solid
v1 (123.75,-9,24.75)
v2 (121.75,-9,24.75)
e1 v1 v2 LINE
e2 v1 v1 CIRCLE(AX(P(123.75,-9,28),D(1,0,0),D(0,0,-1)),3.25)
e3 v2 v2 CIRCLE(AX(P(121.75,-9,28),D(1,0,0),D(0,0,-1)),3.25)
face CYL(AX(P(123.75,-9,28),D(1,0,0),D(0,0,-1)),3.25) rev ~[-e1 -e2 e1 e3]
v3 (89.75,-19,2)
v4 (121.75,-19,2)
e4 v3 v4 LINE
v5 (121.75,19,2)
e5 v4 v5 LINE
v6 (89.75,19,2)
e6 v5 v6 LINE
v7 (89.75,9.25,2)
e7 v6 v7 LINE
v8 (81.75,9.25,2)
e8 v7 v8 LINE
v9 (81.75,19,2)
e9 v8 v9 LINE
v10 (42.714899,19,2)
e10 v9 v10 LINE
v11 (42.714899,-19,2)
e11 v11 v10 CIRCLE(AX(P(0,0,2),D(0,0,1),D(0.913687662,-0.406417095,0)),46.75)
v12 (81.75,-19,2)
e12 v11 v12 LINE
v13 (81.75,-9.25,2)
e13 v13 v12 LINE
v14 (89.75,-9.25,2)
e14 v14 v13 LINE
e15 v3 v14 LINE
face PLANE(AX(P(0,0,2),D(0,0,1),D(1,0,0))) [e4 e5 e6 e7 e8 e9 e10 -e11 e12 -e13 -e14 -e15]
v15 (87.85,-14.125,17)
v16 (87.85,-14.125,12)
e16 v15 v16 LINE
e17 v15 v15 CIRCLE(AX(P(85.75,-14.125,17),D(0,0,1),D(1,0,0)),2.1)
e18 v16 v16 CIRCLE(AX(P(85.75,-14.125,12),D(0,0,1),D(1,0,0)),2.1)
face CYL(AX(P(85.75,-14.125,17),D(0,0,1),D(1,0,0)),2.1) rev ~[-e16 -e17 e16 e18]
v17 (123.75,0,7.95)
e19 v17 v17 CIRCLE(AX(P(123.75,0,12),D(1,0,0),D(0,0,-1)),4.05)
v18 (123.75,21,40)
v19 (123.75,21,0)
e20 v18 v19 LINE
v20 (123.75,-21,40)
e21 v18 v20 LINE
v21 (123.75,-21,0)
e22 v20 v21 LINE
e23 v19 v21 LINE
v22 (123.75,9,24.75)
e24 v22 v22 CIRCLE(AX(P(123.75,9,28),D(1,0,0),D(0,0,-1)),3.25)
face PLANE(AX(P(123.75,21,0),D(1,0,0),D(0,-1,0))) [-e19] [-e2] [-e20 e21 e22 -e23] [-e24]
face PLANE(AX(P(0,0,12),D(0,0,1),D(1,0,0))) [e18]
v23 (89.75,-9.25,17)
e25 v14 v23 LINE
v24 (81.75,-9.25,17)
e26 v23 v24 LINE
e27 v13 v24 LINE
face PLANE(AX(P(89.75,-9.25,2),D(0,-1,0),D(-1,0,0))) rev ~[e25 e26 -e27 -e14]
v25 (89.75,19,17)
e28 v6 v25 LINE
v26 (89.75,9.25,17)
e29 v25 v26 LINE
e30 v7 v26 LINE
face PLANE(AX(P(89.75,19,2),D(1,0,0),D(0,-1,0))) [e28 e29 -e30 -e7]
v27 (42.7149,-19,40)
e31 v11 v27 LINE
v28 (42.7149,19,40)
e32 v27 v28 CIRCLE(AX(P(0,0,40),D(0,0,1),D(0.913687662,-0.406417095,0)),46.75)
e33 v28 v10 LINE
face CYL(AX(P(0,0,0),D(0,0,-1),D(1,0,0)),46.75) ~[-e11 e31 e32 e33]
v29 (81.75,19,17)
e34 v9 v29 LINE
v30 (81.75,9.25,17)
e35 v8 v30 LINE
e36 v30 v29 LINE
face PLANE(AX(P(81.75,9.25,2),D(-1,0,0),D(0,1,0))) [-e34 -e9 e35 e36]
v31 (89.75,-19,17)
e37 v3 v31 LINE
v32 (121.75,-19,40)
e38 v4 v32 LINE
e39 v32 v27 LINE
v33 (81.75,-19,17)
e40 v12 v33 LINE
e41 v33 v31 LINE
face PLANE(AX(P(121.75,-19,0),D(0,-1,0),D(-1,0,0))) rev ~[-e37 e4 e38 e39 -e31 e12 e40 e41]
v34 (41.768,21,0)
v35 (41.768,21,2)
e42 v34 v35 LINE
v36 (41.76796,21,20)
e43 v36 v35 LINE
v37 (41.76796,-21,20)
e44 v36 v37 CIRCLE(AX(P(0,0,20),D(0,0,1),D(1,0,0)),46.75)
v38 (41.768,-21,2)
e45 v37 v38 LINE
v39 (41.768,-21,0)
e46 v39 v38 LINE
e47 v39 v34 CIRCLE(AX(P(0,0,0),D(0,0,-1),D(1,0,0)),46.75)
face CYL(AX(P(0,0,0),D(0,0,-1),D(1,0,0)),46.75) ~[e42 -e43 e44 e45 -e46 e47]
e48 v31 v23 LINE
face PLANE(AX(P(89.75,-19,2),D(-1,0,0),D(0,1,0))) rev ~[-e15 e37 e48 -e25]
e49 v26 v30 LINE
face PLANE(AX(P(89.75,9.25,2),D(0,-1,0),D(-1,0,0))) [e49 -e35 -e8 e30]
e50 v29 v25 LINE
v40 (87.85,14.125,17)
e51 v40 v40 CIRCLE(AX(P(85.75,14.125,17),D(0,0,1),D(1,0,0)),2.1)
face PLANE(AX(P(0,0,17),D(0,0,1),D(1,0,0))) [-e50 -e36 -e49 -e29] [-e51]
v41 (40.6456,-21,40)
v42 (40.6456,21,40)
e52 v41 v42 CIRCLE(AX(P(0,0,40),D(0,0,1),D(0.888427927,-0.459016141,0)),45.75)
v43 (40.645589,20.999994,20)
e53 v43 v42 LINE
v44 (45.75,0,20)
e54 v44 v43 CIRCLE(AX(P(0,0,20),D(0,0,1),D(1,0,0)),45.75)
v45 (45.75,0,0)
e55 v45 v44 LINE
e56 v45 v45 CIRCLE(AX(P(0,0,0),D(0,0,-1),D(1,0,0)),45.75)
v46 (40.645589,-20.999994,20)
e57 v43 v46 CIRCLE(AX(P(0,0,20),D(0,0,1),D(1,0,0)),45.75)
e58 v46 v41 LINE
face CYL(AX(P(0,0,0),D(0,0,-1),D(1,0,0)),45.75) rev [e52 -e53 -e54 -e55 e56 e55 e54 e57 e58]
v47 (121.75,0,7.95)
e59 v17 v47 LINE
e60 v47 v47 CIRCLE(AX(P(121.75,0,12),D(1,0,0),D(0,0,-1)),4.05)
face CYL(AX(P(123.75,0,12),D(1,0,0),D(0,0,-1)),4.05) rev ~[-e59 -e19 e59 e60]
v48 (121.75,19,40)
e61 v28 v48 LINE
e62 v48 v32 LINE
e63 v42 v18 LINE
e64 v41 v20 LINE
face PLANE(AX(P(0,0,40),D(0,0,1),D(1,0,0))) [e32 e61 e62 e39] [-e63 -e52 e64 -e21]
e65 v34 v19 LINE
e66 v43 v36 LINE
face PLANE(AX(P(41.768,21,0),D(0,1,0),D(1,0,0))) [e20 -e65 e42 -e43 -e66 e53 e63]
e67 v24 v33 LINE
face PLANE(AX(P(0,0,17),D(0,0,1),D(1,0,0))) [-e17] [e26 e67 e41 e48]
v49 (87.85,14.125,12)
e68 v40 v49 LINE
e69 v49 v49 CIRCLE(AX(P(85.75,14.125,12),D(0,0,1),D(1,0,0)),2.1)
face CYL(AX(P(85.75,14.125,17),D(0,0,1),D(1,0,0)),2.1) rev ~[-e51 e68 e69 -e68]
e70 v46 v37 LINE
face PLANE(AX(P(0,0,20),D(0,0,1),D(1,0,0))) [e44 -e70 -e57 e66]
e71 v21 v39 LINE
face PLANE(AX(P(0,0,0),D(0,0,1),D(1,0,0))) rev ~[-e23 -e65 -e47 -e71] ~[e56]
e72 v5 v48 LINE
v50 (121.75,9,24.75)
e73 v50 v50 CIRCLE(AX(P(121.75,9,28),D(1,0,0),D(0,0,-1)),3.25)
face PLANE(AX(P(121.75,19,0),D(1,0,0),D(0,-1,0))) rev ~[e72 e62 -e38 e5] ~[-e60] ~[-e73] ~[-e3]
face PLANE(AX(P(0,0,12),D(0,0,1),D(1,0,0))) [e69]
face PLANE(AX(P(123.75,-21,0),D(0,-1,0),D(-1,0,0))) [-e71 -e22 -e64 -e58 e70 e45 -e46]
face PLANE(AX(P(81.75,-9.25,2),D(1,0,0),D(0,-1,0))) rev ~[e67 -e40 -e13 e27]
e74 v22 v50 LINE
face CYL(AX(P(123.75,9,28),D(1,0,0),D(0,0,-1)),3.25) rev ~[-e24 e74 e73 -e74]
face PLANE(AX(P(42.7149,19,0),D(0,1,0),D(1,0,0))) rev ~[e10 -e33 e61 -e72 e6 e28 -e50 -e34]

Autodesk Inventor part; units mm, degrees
ref_plane "YZ Plane" through (0, 0, 0) normal (1, 0, 0) x (0, 1, 0)
ref_plane "XZ Plane" through (0, 0, 0) normal (0, 1, 0) x (-1, 0, 0)
ref_plane "XY Plane" through (0, 0, 0) normal (0, 0, 1) x (1, 0, 0)
sketch "Sketch1" plane through (0, 0, 0) normal (0, 0, 1) x (1, 0, 0)
  circle A0 centre (0, 0) radius 45.75
  circle A1 centre (0, 0) radius 46.75
  line L0 (45.75, -0.0157) -> (46.75, -0.0157) construction
  line L1 (42.7149, 19) -> (121.75, 19)
  line L2 (121.75, 19) -> (121.75, -19)
  line L3 (121.75, -19) -> (42.7149, -19)
  line L4 (41.768, 21) -> (123.75, 21)
  line L5 (123.75, 21) -> (123.75, -21)
  line L6 (123.75, -21) -> (41.768, -21)
  line L7 (82.759, 21) -> (82.759, 19) construction
  line L8 (121.75, 0) -> (123.75, 0) construction
  line L9 (98.0367, -19) -> (98.0367, -21) construction
  line L10 (0, 0) -> (121.75, 0) construction
  line L11 (41.768, 21) -> (40.6456, 21)
  line L12 (41.768, -21) -> (40.6456, -21)
  dimension "d0" = 91.5
  dimension "d2" = 1
  dimension "d3" = 75
  dimension "d4" = 38
  dimension "d5" = 2
extrude "Extrusion1" add sketch "Sketch1" along normal blind 20 contours A0 L11 A1 L12 | A0 L12 A1 L11
extrude "Extrusion2" add sketch "Sketch1" along normal blind 2 contours L4 L5 L6 A1 L3 L2 L1 | L1 L2 L3 A1
extrude "Extrusion9" add sketch "Sketch1" along normal blind 40 contours A0 L11 A1 L12 | L4 L5 L6 A1 L3 L2 L1 picked at (42.2726, -18.1004)
sketch "Sketch8" plane through (123.75, -21, 0) normal (1, 0, 0) x (0, 0, -1)
  line L0 (0, 0) -> (0, 42) projected
  line L1 (0, 42) -> (-40, 42) projected
  line L2 (-40, 0) -> (-40, 42) projected
  line L3 (0, 0) -> (-40, 0) projected
  circle A0 centre (-12, 21) radius 4.05
  line L4 (-12, 21) -> (-12, 42) construction
  line L5 (-12, 21) -> (-12, 0) construction
  circle A1 centre (-28, 30) radius 3.25
  circle A2 centre (-28, 12) radius 3.25
  line L6 (-28, 30) -> (-28, 12) construction
  line L7 (-40, 21) -> (-28, 21) construction
  point P0 (0, 21)
  dimension "d40" = 8.1
  dimension "d42" = 12
  dimension "d43" = 6.5
  dimension "d44" = 12
  dimension "d61" = 18
extrude "Extrusion10" cut sketch "Sketch8" against normal up to surface (2 mm away) contours A0 | A1 | A2
sketch "Sketch9" plane through (0, 0, 2) normal (0, 0, 1) x (1, 0, 0)
  arc A0 (42.7149, -19) -> (42.7149, 19) centre (0, 0) ccw projected
  line L0 (42.7149, -19) -> (121.75, -19) projected
  line L1 (46.75, 0) -> (81.75, 0) construction
  line L2 (81.75, 19) -> (89.75, 19)
  line L3 (89.75, 19) -> (89.75, 9.25)
  line L4 (89.75, 9.25) -> (81.75, 9.25)
  line L5 (81.75, 9.25) -> (81.75, 19)
  line L6 (81.75, -19) -> (89.75, -19)
  line L7 (89.75, -19) -> (89.75, -9.25)
  line L8 (89.75, -9.25) -> (81.75, -9.25)
  line L9 (81.75, -9.25) -> (81.75, -19)
  line L10 (81.75, 19) -> (81.75, -19) construction
  line L11 (42.7149, 19) -> (121.75, 19) projected
  line L12 (89.75, -19) -> (81.75, -19)
  dimension "d49" = 35
  dimension "d52" = 18.5
  dimension "d53" = 8
extrude "Extrusion11" add sketch "Sketch9" along normal blind 15
sketch "Sketch10" plane through (0, 0, 17) normal (0, 0, 1) x (1, 0, 0)
  line L0 (81.75, 19) -> (89.75, 19) projected
  line L1 (81.75, 19) -> (81.75, 9.25) projected
  line L2 (81.75, 9.25) -> (89.75, 9.25) projected
  line L3 (89.75, 9.25) -> (89.75, 19) projected
  line L4 (89.75, -19) -> (89.75, -9.25) projected
  line L5 (89.75, -9.25) -> (81.75, -9.25) projected
  line L6 (81.75, -9.25) -> (81.75, -19) projected
  line L7 (89.75, -19) -> (81.75, -19) projected
  circle A0 centre (85.75, -14.125) radius 2.1
  circle A1 centre (85.75, 14.125) radius 2.1
  line L8 (89.75, 19) -> (81.75, 9.25) construction
  line L9 (89.75, -9.25) -> (81.75, -19) construction
  point P0 (0, 0)
  dimension "d58" = 4.2
extrude "Extrusion12" cut sketch "Sketch10" against normal blind 5 contours A0 | A1
properties part number "Pump enclosure MM0312"
